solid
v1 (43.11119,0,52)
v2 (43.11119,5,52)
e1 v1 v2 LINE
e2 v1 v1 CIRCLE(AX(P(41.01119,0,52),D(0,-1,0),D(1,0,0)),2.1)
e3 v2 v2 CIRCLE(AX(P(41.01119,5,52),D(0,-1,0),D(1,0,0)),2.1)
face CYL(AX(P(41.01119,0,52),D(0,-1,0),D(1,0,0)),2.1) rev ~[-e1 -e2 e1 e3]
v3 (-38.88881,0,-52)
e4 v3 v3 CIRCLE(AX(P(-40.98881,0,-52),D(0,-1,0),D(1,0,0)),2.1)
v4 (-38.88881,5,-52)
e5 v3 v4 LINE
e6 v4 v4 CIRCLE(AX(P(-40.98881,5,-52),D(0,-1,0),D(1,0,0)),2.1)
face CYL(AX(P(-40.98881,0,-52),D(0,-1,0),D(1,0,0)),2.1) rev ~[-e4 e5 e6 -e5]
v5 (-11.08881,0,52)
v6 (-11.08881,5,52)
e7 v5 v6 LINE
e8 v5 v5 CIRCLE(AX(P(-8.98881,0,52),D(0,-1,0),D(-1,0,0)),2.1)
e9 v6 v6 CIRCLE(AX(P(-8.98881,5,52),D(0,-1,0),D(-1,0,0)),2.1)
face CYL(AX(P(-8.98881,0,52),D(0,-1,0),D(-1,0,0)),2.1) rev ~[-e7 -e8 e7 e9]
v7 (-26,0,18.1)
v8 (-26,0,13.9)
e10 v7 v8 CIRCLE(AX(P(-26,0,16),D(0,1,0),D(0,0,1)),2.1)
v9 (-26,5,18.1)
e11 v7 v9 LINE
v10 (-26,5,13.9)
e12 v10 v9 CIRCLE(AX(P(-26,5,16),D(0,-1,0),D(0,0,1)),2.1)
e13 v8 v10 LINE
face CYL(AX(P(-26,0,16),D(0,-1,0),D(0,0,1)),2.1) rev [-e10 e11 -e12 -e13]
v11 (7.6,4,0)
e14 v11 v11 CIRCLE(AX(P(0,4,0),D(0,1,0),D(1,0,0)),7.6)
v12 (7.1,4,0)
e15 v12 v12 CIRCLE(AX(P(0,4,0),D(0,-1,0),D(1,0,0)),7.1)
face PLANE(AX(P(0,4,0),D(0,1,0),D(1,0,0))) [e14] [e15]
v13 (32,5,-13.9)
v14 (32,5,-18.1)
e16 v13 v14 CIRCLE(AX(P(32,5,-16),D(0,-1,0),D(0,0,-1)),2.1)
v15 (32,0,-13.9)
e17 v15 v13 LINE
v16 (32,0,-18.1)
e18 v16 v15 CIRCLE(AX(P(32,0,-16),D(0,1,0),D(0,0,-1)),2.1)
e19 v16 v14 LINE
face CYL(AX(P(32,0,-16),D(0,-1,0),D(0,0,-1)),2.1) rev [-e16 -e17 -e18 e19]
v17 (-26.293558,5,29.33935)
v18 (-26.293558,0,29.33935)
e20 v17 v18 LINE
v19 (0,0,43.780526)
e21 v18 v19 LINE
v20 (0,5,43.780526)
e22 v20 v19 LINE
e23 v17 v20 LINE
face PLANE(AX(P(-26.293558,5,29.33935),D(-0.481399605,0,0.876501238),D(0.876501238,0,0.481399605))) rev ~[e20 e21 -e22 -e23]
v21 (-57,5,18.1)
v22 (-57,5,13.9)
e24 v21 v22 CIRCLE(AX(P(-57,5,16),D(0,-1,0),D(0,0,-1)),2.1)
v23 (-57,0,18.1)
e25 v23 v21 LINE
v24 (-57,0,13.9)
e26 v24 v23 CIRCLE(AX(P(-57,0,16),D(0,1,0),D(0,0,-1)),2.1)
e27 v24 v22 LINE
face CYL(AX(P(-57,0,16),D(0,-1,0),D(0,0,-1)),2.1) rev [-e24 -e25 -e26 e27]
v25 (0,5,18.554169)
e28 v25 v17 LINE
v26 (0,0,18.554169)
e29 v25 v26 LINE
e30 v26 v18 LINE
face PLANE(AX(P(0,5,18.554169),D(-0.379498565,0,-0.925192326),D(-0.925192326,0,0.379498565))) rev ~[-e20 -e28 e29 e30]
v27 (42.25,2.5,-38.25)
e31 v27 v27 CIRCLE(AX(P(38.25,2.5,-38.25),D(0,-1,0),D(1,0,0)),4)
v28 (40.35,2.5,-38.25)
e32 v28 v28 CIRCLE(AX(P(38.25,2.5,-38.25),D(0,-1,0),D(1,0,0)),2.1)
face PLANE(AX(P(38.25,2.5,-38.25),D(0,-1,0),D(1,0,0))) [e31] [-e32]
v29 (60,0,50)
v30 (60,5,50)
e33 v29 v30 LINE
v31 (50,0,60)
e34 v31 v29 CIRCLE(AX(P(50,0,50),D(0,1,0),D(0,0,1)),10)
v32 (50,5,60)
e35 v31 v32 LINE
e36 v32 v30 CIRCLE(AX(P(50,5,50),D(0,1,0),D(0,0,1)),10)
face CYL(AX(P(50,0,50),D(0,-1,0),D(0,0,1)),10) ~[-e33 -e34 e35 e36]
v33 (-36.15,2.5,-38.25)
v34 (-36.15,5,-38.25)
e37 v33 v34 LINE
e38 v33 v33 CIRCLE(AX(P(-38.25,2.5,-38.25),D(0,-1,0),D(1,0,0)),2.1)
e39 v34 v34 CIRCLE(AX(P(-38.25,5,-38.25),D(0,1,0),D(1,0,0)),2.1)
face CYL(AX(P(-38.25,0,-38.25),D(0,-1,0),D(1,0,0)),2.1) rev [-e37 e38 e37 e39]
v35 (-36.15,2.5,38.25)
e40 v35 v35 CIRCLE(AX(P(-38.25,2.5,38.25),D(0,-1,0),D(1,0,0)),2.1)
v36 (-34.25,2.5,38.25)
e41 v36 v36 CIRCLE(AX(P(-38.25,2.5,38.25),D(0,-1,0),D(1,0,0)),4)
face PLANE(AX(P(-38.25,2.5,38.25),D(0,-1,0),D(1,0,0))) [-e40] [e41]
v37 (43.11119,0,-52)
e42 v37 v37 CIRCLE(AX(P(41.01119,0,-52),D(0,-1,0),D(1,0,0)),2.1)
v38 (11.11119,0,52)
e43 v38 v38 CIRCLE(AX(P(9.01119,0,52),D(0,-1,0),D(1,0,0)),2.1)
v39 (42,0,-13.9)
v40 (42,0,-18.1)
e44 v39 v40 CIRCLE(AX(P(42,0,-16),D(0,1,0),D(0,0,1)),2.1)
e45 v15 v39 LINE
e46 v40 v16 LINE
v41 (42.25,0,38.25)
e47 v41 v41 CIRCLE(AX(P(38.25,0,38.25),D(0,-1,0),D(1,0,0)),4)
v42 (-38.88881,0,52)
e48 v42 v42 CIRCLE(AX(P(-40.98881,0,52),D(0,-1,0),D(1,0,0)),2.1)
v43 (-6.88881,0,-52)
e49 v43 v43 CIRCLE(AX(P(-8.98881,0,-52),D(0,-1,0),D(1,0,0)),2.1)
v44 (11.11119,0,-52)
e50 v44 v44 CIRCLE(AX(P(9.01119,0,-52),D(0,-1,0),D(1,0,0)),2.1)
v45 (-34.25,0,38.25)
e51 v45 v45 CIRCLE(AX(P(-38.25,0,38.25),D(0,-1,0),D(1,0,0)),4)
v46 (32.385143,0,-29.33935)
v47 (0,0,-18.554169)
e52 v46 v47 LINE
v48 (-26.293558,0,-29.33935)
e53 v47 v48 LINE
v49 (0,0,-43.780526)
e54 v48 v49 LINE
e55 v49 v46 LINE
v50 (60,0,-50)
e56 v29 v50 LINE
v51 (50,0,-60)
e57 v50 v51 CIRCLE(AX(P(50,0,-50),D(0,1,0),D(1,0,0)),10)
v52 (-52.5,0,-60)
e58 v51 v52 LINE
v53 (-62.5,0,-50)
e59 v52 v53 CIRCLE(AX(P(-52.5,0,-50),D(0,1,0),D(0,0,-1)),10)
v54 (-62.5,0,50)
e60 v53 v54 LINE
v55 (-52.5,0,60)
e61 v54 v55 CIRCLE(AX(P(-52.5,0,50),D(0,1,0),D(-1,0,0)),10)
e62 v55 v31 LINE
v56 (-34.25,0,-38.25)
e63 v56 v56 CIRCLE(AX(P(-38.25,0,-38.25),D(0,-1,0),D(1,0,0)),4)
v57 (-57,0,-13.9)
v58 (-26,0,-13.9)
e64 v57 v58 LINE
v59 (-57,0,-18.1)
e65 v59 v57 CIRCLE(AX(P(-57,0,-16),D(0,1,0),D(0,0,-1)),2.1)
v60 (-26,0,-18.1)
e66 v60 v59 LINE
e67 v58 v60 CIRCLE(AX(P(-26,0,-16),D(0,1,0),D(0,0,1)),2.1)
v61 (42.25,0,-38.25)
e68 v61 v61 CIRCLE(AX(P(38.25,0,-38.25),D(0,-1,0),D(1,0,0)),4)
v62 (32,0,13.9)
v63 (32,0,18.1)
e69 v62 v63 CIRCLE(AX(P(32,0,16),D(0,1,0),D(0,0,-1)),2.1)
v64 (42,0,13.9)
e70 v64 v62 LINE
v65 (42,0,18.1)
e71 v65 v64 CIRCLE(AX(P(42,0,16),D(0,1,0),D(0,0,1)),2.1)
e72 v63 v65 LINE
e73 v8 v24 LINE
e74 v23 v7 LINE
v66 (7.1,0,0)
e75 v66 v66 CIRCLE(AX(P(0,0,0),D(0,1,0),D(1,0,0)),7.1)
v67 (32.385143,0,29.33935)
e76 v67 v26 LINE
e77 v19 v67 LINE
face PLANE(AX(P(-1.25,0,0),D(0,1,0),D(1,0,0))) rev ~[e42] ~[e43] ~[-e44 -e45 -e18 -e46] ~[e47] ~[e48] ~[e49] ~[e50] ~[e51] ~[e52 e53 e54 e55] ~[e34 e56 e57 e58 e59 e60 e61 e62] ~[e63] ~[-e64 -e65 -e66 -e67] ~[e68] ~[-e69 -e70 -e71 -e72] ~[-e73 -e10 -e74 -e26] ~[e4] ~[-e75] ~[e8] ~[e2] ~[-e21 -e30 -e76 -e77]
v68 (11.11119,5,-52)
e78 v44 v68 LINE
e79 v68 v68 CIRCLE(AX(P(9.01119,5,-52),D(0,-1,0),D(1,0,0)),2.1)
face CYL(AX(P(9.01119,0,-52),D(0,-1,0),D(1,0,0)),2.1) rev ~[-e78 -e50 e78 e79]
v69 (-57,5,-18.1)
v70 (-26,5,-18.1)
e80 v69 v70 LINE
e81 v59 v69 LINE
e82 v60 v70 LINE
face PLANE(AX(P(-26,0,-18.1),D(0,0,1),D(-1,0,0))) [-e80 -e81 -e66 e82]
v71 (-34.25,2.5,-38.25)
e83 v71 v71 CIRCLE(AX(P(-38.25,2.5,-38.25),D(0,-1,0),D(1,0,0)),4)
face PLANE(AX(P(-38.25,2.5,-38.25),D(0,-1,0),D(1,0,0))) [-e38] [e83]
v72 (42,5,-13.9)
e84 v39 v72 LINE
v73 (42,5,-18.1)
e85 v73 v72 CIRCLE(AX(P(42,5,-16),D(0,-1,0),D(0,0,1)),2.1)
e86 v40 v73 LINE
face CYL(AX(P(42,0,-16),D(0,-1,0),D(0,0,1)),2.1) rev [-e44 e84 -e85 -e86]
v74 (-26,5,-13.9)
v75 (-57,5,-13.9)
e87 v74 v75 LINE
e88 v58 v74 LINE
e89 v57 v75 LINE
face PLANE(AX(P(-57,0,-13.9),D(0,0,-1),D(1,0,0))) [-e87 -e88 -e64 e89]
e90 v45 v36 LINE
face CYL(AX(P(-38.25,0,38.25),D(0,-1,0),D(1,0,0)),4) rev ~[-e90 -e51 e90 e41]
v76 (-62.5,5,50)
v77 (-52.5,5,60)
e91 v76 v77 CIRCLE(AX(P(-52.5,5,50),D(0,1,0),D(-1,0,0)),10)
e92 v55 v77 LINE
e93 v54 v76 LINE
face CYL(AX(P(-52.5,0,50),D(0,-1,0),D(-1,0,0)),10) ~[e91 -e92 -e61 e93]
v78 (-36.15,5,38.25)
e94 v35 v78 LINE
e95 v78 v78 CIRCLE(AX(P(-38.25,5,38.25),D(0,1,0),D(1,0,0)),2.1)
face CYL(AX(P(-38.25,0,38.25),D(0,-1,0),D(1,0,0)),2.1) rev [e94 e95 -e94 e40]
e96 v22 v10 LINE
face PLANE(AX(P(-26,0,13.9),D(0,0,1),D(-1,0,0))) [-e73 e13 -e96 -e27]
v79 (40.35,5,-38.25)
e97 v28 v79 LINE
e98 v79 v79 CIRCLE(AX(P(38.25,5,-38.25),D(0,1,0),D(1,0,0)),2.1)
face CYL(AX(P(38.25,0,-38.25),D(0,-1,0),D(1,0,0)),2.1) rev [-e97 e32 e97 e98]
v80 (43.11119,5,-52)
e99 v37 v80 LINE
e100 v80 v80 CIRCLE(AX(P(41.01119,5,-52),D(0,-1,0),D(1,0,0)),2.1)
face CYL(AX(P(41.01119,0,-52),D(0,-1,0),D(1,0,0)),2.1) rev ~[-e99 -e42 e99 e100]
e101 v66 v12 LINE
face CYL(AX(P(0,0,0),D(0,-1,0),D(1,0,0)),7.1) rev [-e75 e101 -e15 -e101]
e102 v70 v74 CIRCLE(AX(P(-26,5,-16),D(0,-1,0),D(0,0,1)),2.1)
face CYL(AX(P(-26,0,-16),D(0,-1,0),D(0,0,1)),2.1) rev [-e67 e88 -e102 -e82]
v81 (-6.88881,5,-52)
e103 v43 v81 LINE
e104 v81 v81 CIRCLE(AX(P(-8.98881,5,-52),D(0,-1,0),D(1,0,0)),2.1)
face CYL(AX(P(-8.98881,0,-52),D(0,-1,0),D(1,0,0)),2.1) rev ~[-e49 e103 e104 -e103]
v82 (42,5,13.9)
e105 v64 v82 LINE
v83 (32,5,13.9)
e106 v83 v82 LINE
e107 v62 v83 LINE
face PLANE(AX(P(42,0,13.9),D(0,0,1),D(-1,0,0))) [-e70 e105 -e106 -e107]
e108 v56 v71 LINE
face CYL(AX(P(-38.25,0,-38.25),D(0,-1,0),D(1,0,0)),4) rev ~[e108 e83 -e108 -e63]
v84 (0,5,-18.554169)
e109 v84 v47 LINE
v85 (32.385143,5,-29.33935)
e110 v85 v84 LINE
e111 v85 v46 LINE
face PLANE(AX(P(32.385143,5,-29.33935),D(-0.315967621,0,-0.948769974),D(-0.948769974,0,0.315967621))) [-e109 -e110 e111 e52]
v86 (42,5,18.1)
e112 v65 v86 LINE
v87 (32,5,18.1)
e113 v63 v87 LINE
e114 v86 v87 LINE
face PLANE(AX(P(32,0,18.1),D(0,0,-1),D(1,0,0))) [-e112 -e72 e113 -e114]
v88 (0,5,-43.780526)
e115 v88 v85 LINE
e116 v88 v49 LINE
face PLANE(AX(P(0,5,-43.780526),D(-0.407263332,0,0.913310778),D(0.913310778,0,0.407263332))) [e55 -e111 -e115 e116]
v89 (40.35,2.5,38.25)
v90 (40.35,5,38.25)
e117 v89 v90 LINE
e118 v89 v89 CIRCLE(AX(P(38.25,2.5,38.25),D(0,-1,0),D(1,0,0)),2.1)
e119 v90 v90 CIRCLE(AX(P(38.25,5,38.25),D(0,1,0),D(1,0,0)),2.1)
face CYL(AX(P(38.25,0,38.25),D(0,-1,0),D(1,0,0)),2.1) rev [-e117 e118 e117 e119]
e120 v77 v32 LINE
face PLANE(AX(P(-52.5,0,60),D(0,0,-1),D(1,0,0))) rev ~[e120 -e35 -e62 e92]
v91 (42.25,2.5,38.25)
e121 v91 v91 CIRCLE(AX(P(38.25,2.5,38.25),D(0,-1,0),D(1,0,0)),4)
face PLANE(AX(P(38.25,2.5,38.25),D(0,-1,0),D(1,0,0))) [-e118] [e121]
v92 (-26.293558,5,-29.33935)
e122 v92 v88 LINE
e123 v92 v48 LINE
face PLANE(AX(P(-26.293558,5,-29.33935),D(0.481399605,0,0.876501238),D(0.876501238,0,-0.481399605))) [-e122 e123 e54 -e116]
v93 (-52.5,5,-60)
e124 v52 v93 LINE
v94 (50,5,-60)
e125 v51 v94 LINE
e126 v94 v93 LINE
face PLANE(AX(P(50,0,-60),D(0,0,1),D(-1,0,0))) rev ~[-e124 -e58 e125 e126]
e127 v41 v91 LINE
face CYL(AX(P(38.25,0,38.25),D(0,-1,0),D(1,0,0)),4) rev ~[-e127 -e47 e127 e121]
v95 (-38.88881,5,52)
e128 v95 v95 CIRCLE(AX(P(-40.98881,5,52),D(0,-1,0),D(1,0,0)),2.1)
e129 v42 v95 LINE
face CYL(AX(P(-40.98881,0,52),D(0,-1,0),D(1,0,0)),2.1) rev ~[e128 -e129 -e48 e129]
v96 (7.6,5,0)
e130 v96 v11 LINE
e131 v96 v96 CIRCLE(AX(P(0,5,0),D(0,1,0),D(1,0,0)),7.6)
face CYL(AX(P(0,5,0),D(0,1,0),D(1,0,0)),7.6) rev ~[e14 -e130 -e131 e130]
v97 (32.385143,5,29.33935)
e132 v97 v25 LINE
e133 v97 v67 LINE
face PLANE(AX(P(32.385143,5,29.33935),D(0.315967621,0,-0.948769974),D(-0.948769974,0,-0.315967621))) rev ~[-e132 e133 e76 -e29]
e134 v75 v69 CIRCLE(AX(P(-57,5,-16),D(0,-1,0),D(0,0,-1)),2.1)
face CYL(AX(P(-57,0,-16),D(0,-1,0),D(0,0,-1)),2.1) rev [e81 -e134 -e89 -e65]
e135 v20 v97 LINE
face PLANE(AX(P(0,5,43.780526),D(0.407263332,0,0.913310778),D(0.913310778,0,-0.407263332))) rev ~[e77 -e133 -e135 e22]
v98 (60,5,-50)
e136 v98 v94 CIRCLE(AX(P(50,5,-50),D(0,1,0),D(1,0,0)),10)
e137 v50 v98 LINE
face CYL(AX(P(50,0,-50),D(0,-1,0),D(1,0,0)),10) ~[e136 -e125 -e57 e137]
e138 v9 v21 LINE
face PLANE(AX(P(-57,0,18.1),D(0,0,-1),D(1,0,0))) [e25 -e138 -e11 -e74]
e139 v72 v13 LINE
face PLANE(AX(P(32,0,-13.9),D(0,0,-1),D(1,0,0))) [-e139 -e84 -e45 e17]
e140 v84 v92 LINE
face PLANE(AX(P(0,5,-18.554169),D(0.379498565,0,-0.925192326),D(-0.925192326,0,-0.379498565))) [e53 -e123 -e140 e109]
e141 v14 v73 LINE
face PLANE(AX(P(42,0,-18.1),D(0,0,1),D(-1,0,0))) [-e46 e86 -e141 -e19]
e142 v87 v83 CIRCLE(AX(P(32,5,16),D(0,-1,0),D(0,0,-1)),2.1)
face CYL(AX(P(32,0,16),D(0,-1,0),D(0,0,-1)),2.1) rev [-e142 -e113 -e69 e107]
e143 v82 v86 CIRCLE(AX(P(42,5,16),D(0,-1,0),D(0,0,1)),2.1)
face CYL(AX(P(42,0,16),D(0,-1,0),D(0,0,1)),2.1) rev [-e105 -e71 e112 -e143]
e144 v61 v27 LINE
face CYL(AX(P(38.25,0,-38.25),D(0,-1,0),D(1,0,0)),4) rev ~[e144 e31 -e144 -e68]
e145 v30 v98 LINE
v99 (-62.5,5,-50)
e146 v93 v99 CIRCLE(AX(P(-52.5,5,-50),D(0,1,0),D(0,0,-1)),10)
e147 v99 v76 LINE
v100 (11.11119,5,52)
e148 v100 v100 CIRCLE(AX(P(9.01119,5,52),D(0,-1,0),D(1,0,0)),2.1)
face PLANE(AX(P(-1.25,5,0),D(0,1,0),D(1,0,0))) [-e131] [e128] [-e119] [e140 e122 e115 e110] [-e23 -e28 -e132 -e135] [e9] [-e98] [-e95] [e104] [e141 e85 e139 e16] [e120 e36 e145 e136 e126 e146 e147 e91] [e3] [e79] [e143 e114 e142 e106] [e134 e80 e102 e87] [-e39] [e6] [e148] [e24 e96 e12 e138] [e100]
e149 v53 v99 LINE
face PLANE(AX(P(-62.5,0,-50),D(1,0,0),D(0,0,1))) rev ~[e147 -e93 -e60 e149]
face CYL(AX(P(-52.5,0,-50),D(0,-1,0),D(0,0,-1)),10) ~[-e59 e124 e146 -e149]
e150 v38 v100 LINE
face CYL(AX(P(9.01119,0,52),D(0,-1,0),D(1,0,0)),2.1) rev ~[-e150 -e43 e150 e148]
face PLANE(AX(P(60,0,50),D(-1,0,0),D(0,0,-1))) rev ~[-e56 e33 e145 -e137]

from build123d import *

# Parameters (mm, degrees)
SKETCH2_R               = 2.1
SKETCH2_R_2             = 7.1
BOSS_EXTRUDE1_DEPTH     = 5
SKETCH3_R               = 7.6
CUT_EXTRUDE1_DEPTH      = 1
SKETCH4_R               = 2.1
CUT_EXTRUDE2_DEPTH      = 6
SKETCH5_R               = 4
CUT_EXTRUDE3_DEPTH      = 2.5
CUT_EXTRUDE4_DEPTH      = 6
CUT_EXTRUDE5_DEPTH      = 6
CUT_EXTRUDE6_DEPTH      = 1
CUT_EXTRUDE6_DEPTH_BACK = 6


with BuildPart() as part:
    # Sketch2 → Boss-Extrude1 (new body)
    with BuildSketch(Plane(origin=(0, 0, 0), x_dir=(1, 0, 0), z_dir=(0, 1, 0))):
        with BuildLine():
            Line((50, 60), (-52.5, 60))
            ThreePointArc((-52.5, 60), (-59.571067812, 57.071067812), (-62.5, 50))
            Line((-62.5, 50), (-62.5, -50))
            ThreePointArc((-62.5, -50), (-59.571067812, -57.071067812), (-52.5, -60))
            Line((-52.5, -60), (50, -60))
            ThreePointArc((50, -60), (57.071067812, -57.071067812), (60, -50))
            Line((60, -50), (60, 50))
            ThreePointArc((60, 50), (57.071067812, 57.071067812), (50, 60))
        make_face()
        with Locations((-38.25, -38.25)):
            Circle(SKETCH2_R, mode=Mode.SUBTRACT)
        with Locations((38.25, -38.25)):
            Circle(SKETCH2_R, mode=Mode.SUBTRACT)
        with Locations((-38.25, 38.25)):
            Circle(SKETCH2_R, mode=Mode.SUBTRACT)
        Circle(SKETCH2_R_2, mode=Mode.SUBTRACT)
        with Locations((38.25, 38.25)):
            Circle(SKETCH2_R, mode=Mode.SUBTRACT)
    extrude(amount=BOSS_EXTRUDE1_DEPTH)

    # Sketch3 → Cut-Extrude1 (cut)
    with BuildSketch(Plane(origin=(0, 5, 0), x_dir=(1, 0, 0), z_dir=(0, 1, 0))):
        Circle(SKETCH3_R)
    extrude(amount=-CUT_EXTRUDE1_DEPTH, mode=Mode.SUBTRACT)

    # Sketch4 → Cut-Extrude2 (cut, through all)
    with BuildSketch(Plane.XZ):
        with Locations((-40.988809693, -52)):
            Circle(SKETCH4_R)
        with Locations((-8.988809693, -52)):
            Circle(SKETCH4_R)
        with Locations((9.011190307, -52)):
            Circle(SKETCH4_R)
        with Locations((41.011190307, -52)):
            Circle(SKETCH4_R)
        with BuildLine():
            ThreePointArc((-43.088809693, 52), (-40.988809693, 49.9), (-38.888809693, 52))
            Line((-38.888809693, 52), (-43.088809693, 52))
        make_face()
        with BuildLine():
            Line((-43.088809693, 52), (-38.888809693, 52))
            ThreePointArc((-38.888809693, 52), (-40.988809693, 54.1), (-43.088809693, 52))
        make_face()
        with BuildLine():
            ThreePointArc((-6.888809693, 52), (-8.988809693, 54.1), (-11.088809693, 52))
            Line((-11.088809693, 52), (-6.888809693, 52))
        make_face()
        with BuildLine():
            Line((-6.888809693, 52), (-11.088809693, 52))
            ThreePointArc((-11.088809693, 52), (-8.988809693, 49.9), (-6.888809693, 52))
        make_face()
        with Locations((9.011190307, 52)):
            Circle(SKETCH4_R)
        with Locations((41.011190307, 52)):
            Circle(SKETCH4_R)
    extrude(amount=-CUT_EXTRUDE2_DEPTH, mode=Mode.SUBTRACT)

    # Sketch5 → Cut-Extrude3 (cut)
    with BuildSketch(Plane.XZ):
        with Locations((-38.25, 38.25)):
            Circle(SKETCH5_R)
        with Locations((38.25, 38.25)):
            Circle(SKETCH5_R)
        with Locations((38.25, -38.25)):
            Circle(SKETCH5_R)
        with Locations((-38.25, -38.25)):
            Circle(SKETCH5_R)
    extrude(amount=-CUT_EXTRUDE3_DEPTH, mode=Mode.SUBTRACT)

    # Sketch7 → Cut-Extrude4 (cut, through all)
    with BuildSketch(Plane.XZ):
        with BuildLine():
            Line((32, 18.1), (42, 18.1))
            ThreePointArc((42, 18.1), (44.1, 16), (42, 13.9))
            Line((42, 13.9), (32, 13.9))
            ThreePointArc((32, 13.9), (29.9, 16), (32, 18.1))
        make_face()
        with BuildLine():
            Line((32, -13.9), (42, -13.9))
            ThreePointArc((42, -13.9), (44.1, -16), (42, -18.1))
            Line((42, -18.1), (32, -18.1))
            ThreePointArc((32, -18.1), (29.9, -16), (32, -13.9))
        make_face()
    extrude(amount=-CUT_EXTRUDE4_DEPTH, mode=Mode.SUBTRACT)

    # Sketch8 → Cut-Extrude5 (cut, through all)
    with BuildSketch(Plane.XZ):
        with BuildLine():
            Line((-57, 18.1), (-26, 18.1))
            ThreePointArc((-26, 18.1), (-23.9, 16), (-26, 13.9))
            Line((-26, 13.9), (-57, 13.9))
            ThreePointArc((-57, 13.9), (-59.1, 16), (-57, 18.1))
        make_face()
        with BuildLine():
            Line((-57, -13.9), (-26, -13.9))
            ThreePointArc((-26, -13.9), (-23.9, -16), (-26, -18.1))
            Line((-26, -18.1), (-57, -18.1))
            ThreePointArc((-57, -18.1), (-59.1, -16), (-57, -13.9))
        make_face()
    extrude(amount=-CUT_EXTRUDE5_DEPTH, mode=Mode.SUBTRACT)

    # Sketch9 → Cut-Extrude6 (cut, two sides)
    with BuildSketch(Plane(origin=(0, 5, 0), x_dir=(1, 0, 0), z_dir=(0, 1, 0))) as cut_extrude6_sk:
        Polygon((0, -18.55416869), (-26.293557739, -29.33935049), (0, -43.78052612), (32.385143241, -29.33935049), align=None)
        Polygon((0, 43.78052612), (32.385143241, 29.33935049), (0, 18.55416869), (-26.293557739, 29.33935049), align=None)
    extrude(amount=CUT_EXTRUDE6_DEPTH, mode=Mode.SUBTRACT)
    extrude(cut_extrude6_sk.sketch, amount=-CUT_EXTRUDE6_DEPTH_BACK, mode=Mode.SUBTRACT)


solid = part.part
